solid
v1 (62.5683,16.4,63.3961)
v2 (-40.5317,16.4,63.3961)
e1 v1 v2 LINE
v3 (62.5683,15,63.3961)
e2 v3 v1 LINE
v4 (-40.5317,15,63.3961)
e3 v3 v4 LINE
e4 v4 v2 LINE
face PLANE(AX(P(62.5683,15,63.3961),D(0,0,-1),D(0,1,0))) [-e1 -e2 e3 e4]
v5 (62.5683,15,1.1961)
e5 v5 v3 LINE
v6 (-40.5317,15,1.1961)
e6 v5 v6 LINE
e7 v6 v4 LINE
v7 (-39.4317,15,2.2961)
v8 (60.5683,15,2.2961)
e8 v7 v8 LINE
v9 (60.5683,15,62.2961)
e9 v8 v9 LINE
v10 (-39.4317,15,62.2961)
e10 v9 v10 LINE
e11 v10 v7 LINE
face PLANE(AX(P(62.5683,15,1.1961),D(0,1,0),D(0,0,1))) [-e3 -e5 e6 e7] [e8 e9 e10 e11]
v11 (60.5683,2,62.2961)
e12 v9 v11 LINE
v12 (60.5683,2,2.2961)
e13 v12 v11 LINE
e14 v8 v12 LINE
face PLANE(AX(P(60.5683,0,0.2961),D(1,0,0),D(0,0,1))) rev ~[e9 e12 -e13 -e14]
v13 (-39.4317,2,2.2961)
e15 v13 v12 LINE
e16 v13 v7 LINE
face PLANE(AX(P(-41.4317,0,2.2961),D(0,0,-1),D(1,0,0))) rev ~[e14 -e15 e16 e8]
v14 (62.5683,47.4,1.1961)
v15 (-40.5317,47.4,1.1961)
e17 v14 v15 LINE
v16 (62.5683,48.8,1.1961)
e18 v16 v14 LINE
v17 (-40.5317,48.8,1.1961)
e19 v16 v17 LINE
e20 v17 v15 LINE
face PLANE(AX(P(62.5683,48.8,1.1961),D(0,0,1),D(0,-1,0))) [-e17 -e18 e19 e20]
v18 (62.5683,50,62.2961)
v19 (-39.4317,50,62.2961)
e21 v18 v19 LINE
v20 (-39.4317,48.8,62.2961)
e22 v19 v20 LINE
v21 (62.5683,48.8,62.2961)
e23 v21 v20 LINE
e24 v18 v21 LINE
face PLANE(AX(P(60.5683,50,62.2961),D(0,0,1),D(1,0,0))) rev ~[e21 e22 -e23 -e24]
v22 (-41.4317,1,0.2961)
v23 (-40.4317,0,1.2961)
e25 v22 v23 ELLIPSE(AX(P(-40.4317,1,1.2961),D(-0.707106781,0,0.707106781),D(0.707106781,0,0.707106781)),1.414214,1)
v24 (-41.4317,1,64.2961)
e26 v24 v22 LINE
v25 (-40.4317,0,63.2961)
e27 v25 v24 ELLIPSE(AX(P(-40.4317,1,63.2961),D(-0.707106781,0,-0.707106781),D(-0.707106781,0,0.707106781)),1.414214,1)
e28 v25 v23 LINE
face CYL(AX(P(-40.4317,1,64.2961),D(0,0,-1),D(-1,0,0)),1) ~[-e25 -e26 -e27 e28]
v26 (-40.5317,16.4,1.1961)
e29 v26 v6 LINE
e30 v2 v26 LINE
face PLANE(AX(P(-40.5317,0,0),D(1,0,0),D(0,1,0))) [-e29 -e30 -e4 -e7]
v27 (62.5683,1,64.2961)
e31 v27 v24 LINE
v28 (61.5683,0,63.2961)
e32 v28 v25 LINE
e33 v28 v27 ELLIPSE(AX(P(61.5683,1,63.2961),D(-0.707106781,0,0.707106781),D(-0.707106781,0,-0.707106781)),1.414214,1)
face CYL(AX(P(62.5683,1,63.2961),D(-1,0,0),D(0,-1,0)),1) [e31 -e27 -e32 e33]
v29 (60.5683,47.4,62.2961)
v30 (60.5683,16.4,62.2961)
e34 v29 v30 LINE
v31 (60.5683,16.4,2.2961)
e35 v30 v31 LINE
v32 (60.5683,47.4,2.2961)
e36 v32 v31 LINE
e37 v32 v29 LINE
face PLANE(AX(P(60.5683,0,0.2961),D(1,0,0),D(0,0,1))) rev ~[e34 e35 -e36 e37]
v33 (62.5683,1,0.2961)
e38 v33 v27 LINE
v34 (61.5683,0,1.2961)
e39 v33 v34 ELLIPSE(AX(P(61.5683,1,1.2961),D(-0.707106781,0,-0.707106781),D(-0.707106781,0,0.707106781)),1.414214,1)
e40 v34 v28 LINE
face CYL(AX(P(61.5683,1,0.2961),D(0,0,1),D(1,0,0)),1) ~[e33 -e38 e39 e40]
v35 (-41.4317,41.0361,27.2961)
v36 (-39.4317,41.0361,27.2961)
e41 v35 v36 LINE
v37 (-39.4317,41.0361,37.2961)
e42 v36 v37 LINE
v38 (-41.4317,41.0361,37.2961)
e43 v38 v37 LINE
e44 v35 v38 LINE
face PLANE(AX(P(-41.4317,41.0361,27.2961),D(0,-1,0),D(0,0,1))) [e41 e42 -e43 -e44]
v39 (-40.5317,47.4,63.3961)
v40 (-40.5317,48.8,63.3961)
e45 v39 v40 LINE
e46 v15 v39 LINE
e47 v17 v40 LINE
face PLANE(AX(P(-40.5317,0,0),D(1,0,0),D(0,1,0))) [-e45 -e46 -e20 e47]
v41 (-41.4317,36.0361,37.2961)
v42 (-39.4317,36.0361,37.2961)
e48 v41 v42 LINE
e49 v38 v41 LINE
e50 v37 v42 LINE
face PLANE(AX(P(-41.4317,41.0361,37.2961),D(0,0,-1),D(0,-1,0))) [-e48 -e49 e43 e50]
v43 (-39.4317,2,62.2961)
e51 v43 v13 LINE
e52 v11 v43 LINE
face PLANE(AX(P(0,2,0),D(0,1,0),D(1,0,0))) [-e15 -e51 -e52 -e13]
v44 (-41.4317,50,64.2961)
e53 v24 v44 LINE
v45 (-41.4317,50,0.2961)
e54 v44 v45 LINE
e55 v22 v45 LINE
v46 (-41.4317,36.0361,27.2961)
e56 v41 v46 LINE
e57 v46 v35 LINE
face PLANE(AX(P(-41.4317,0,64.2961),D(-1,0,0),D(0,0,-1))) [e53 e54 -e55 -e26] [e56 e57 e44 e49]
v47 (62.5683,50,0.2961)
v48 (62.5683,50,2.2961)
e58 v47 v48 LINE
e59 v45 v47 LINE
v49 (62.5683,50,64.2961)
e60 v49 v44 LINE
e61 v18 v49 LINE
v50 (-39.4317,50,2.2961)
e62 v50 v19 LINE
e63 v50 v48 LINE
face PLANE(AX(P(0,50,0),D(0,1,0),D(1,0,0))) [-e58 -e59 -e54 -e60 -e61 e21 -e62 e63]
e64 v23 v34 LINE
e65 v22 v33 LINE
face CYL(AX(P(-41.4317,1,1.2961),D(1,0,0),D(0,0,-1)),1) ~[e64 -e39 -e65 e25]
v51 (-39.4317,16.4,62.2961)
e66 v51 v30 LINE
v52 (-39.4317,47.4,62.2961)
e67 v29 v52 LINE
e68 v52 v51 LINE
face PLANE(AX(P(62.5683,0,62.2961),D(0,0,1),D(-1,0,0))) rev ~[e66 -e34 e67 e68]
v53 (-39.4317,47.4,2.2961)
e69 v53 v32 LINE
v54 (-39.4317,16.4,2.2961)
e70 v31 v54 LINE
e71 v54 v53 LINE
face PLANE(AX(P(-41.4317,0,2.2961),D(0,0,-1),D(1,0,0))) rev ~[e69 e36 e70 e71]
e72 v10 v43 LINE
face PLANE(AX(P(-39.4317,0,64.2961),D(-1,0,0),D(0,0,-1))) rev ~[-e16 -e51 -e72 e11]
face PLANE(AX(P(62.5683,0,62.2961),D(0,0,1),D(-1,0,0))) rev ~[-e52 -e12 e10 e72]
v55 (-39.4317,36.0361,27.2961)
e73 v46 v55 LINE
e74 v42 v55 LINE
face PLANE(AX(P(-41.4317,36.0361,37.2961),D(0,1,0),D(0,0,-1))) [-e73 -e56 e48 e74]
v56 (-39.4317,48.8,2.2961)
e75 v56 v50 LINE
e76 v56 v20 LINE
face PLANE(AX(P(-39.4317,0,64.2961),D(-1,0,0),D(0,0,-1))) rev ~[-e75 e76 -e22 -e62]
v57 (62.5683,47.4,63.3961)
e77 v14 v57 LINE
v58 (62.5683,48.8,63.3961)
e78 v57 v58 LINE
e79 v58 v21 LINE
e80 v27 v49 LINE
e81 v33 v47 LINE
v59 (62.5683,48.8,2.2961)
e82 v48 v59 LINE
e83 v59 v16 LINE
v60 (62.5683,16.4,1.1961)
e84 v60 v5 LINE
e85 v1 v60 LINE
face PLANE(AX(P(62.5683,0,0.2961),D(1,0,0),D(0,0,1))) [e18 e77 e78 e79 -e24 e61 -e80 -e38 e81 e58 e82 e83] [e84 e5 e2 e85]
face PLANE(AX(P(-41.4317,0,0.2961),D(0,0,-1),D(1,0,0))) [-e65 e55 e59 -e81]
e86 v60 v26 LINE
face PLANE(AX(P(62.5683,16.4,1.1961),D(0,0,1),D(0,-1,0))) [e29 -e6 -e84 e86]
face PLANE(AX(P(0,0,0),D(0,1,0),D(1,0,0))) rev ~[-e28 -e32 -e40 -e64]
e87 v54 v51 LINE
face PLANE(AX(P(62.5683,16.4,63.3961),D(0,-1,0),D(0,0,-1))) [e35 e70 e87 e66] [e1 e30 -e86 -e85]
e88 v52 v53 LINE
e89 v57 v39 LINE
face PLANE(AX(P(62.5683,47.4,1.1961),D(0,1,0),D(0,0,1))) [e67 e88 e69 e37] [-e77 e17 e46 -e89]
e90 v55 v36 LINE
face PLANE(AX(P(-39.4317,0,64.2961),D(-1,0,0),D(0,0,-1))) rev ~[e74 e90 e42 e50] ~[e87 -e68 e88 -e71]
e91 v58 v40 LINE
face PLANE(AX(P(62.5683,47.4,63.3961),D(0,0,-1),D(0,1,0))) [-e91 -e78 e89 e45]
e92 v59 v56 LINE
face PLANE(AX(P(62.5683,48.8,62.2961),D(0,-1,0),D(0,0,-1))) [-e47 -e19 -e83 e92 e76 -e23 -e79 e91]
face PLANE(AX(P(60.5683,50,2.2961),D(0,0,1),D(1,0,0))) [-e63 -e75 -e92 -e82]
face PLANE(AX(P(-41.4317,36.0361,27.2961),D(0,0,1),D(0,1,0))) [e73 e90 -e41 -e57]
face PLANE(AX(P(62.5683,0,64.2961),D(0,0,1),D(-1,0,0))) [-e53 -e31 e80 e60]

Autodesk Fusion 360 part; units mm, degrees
sketch "Esquisse1" plane through (0, 0, 0) normal (0, 1, 0) x (1, 0, 0)
  line L0 (-41.4317, -0.2961) -> (62.5683, -0.2961)
  line L1 (62.5683, -0.2961) -> (62.5683, -64.2961)
  line L2 (62.5683, -64.2961) -> (-41.4317, -64.2961)
  line L3 (-41.4317, -64.2961) -> (-41.4317, -0.2961)
  dimension "d1" = 104
  dimension "d2" = 64
extrude "Extrusion1" add sketch "Esquisse1" along normal blind 50
shell "Coque1" thickness 2 removed faces 1 at (-6.765, 50, 21.6294)
sketch "Sketch4" plane through (62.5683, 0, 0) normal (1, 0, 0) x (0, 1, 0)
  line L0 (0, 64.2961) -> (0, 0.2961)
  line L1 (0, 0.2961) -> (50, 0.2961)
  line L2 (50, 0.2961) -> (50, 64.2961)
  line L3 (50, 64.2961) -> (0, 64.2961)
  line L4 (0, 32.2961) -> (50, 32.2961) construction
  line L5 (15, 63.3961) -> (16.4, 63.3961)
  line L6 (16.4, 63.3961) -> (16.4, 1.1961)
  line L7 (16.4, 1.1961) -> (15, 1.1961)
  line L8 (15, 1.1961) -> (15, 63.3961)
  line L9 (48.8, 1.1961) -> (47.4, 1.1961)
  line L10 (47.4, 1.1961) -> (47.4, 63.3961)
  line L11 (47.4, 63.3961) -> (48.8, 63.3961)
  line L12 (48.8, 63.3961) -> (48.8, 1.1961)
  line L13 (48.8, 62.2961) -> (50, 62.2961)
  line L14 (48.8, 2.2961) -> (50, 2.2961)
  dimension "d19" = 1.4
  dimension "d20" = 1.4
  dimension "d55" = 31
  dimension "d66" = 0.9
  dimension "d67" = 2
  dimension "d79" = 15
extrude "Extrude4" cut sketch "Sketch4" against normal blind 103.1 contours L9 L10 L11 L12 | L5 L6 L7 L8
sketch "Sketch8" plane through (0, 50, 0) normal (0, 1, 0) x (-1, 0, 0)
  line L0 (39.4317, 2.2961) -> (-60.5683, 2.2961)
  line L1 (-60.5683, 62.2961) -> (39.4317, 62.2961)
  line L2 (41.4317, 64.2961) -> (-62.5683, 64.2961)
  line L3 (-62.5683, 64.2961) -> (-62.5683, 0.2961)
  line L4 (-62.5683, 0.2961) -> (41.4317, 0.2961)
  line L5 (41.4317, 0.2961) -> (41.4317, 64.2961)
  line L6 (-60.5683, 2.2961) -> (-62.5683, 2.2961)
  line L7 (-62.5683, 2.2961) -> (-62.5683, 42.2961)
  line L8 (-60.5683, 42.2961) -> (-60.5683, 2.2961)
  line L9 (39.4317, 62.2961) -> (39.4317, 2.2961)
  line L10 (-60.5683, 2.2961) -> (-60.5683, 62.2961)
  line L11 (-60.5683, 62.2961) -> (-62.5683, 62.2961)
  line L12 (-60.5683, 42.2961) -> (-60.5683, 62.2961)
  line L13 (-62.5683, 42.2961) -> (-62.5683, 2.2961)
extrude "Extrude6" cut sketch "Sketch8" against normal blind 1.3 contours L3 L6 L7 L8 L10 L11 L12 L13
sketch "Sketch9" plane through (0, 0, 64.2961) normal (0, 0, 1) x (-1, 0, 0)
  line L0 (-62.5683, 0) -> (-62.5683, -50)
  line L1 (-62.5683, -50) -> (41.4317, -50)
  line L2 (41.4317, -50) -> (41.4317, 0)
  line L3 (-62.5683, -45.1) -> (41.4317, -45.1) construction
  line L4 (-18.0683, -43.6) -> (-3.0683, -43.6)
  line L5 (-3.0683, -43.6) -> (-3.0683, -46.6)
  line L6 (-3.0683, -46.6) -> (-18.0683, -46.6)
  line L7 (-18.0683, -46.6) -> (-18.0683, -43.6)
  line L8 (-10.5683, -50) -> (-10.5683, -31.2) construction
  line L9 (41.4317, 0) -> (-62.5683, 0)
  dimension "d61" = 4.9
  dimension "d62" = 15
  dimension "d63" = 3
fillet "Fillet1" radius 1 4 edges at (10.5683, 0, 64.2961) (62.5683, 0, 32.2961) (10.5683, 0, 0.2961) (-41.4317, 0, 32.2961)
sketch "Sketch12" plane through (-41.4317, 0, 0) normal (-1, 0, 0) x (0, -1, 0)
  line L0 (-1, 0.2961) -> (-1, 64.2961)
  line L1 (-1, 64.2961) -> (-50, 64.2961)
  line L2 (-50, 64.2961) -> (-50, 0.2961)
  line L3 (-50, 0.2961) -> (-1, 0.2961)
  line L4 (-41.0361, 37.2961) -> (-36.0361, 37.2961)
  line L5 (-36.0361, 37.2961) -> (-36.0361, 27.2961)
  line L6 (-36.0361, 27.2961) -> (-41.0361, 27.2961)
  line L7 (-41.0361, 27.2961) -> (-41.0361, 37.2961)
  line L8 (-1, 32.2961) -> (-50, 32.2961) construction
  dimension "d80" = 5
  dimension "d81" = 10
extrude "Extrude10" cut sketch "Sketch12" against normal blind 15 contours L4 L5 L6 L7
